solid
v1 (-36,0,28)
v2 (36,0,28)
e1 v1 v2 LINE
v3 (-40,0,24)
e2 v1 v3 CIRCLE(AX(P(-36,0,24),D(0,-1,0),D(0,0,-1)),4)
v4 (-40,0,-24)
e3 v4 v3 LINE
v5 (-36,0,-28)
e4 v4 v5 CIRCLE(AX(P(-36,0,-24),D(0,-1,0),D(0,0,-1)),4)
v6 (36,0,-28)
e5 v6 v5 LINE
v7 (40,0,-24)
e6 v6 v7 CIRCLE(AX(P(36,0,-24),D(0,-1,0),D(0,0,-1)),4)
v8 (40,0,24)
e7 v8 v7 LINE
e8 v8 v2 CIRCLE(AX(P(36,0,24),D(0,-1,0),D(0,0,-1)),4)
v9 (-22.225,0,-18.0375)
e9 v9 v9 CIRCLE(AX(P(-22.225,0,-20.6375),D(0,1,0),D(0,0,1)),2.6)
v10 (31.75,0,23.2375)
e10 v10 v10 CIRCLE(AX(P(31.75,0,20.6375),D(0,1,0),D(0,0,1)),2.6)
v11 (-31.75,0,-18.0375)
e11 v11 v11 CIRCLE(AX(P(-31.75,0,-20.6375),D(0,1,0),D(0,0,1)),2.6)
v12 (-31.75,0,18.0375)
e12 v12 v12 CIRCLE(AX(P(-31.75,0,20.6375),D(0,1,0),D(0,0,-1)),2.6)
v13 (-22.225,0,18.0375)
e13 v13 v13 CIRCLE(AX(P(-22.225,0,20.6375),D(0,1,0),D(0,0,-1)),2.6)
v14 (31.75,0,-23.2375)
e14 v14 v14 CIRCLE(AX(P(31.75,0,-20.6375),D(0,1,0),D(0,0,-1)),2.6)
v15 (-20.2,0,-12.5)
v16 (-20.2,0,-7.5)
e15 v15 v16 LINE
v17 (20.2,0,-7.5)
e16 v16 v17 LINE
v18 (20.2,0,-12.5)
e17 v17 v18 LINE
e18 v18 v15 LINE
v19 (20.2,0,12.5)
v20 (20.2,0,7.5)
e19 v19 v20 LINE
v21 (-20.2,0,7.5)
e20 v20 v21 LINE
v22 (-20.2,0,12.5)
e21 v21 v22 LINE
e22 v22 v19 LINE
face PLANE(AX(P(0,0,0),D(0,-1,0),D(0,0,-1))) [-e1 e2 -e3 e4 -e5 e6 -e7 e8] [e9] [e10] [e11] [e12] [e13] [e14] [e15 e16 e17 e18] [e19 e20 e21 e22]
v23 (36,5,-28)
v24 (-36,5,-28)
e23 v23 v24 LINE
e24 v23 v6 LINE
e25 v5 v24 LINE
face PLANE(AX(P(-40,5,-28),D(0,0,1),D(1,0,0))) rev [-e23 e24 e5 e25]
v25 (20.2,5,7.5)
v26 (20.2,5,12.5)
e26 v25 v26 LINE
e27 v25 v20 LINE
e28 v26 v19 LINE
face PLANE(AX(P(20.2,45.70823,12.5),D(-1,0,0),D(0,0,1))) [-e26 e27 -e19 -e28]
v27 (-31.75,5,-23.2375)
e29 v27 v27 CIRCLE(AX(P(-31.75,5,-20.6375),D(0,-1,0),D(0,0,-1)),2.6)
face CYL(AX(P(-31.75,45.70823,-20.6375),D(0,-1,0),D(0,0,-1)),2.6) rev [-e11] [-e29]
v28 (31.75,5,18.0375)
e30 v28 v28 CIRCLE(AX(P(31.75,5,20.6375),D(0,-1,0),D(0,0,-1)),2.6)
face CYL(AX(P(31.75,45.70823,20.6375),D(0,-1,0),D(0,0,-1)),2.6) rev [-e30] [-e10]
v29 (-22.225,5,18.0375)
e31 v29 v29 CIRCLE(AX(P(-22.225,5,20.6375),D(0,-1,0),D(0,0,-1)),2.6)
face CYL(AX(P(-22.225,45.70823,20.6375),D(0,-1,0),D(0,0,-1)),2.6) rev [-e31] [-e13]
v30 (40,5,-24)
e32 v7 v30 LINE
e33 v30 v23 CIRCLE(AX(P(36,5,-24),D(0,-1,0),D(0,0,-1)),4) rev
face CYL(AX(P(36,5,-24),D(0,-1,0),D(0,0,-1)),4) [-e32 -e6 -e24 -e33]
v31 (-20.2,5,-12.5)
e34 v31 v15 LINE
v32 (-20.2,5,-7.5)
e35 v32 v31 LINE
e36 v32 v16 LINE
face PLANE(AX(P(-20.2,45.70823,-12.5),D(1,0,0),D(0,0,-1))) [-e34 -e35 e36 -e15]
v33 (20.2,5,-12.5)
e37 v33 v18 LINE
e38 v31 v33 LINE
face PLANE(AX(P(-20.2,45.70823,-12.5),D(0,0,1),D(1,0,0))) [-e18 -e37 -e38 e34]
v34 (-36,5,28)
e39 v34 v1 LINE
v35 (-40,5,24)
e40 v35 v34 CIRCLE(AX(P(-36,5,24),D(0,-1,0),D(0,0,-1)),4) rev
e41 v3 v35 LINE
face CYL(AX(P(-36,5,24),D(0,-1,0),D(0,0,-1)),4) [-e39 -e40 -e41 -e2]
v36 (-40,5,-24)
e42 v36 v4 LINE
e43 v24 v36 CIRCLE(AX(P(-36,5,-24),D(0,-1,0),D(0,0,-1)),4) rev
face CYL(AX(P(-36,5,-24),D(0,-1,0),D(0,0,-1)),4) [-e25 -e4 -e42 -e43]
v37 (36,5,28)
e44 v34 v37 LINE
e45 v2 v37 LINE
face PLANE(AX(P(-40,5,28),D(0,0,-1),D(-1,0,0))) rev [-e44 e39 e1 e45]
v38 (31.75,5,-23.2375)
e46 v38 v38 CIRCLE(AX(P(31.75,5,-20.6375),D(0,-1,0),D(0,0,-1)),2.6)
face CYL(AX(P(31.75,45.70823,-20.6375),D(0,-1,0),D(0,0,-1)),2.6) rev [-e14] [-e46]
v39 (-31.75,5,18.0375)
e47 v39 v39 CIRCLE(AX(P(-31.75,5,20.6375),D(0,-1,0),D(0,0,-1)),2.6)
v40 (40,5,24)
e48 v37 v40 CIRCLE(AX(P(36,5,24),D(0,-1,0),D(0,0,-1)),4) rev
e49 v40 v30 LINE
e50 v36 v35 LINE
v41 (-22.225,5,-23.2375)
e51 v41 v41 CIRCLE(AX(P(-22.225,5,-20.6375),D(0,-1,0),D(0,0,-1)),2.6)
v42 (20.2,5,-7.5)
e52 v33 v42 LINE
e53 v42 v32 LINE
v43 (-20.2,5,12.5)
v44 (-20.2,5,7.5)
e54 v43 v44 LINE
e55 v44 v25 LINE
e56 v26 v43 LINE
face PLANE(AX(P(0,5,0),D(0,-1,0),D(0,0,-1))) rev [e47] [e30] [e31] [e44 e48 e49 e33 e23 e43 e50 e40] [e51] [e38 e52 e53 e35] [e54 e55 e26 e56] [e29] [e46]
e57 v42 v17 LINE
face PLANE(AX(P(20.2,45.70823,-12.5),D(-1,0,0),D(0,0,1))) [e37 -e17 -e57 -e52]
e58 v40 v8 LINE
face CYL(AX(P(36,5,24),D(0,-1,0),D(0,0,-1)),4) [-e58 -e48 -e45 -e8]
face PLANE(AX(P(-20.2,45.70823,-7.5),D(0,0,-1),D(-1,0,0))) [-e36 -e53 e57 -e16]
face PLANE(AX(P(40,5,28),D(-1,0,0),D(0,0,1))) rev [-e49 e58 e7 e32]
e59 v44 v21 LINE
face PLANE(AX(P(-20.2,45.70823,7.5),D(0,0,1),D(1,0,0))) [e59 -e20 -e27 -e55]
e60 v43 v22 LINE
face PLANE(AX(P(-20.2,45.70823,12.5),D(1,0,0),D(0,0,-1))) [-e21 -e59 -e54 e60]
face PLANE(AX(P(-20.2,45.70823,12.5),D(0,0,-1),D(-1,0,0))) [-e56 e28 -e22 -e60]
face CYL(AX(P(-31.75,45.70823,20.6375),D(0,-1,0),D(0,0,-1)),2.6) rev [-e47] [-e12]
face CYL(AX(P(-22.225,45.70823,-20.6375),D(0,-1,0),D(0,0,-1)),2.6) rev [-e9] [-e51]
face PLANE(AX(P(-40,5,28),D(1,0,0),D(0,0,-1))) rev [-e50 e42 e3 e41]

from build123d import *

# Parameters (mm, degrees)
SKETCH_3_W          = 80
SKETCH_3_H          = 56
EXTRUDE_1_DEPTH     = 5
SKETCH_1_R          = 2.6
SKETCH_1_W          = 40.4
SKETCH_1_H          = 5
CUT_EXTRUDE_1_DEPTH = 5
FILLET_2_R          = 4


with BuildPart() as part:
    # 草图3 → 凸台-拉伸1 (new body)
    with BuildSketch(Plane(origin=(0, 0, 0), x_dir=(1, 0, 0), z_dir=(0, 1, 0))):
        Rectangle(SKETCH_3_W, SKETCH_3_H)
    extrude(amount=EXTRUDE_1_DEPTH)

    # 草图1 → 切除-拉伸1 (cut)
    with BuildSketch(Plane(origin=(0, 0, 0), x_dir=(1, 0, 0), z_dir=(0, 1, 0))):
        with Locations(Location((-31.75, 20.6375, 0), (0, 0, 90))):
            Circle(SKETCH_1_R)
        with Locations(Location((31.75, 20.6375, 0), (0, 0, 90))):
            Circle(SKETCH_1_R)
        with Locations(Location((31.75, -20.6375, 0), (0, 0, 90))):
            Circle(SKETCH_1_R)
        with Locations(Location((-31.75, -20.6375, 0), (0, 0, 90))):
            Circle(SKETCH_1_R)
        with Locations(Location((-22.225, 20.6375, 0), (0, 0, 90))):
            Circle(SKETCH_1_R)
        with Locations(Location((-22.225, -20.6375, 0), (0, 0, 90))):
            Circle(SKETCH_1_R)
        with Locations((0, -10)):
            Rectangle(SKETCH_1_W, SKETCH_1_H)
        with Locations((0, 10)):
            Rectangle(SKETCH_1_W, SKETCH_1_H)
    extrude(amount=CUT_EXTRUDE_1_DEPTH, mode=Mode.SUBTRACT)

    # 圆角2
    fillet_2_edges = [part.edges().sort_by_distance(p)[0] for p in [
        (40, 2.5, 28),
        (-40, 2.5, 28),
        (-40, 2.5, -28),
        (40, 2.5, -28),
    ]]
    fillet(fillet_2_edges, radius=FILLET_2_R)


solid = part.part
